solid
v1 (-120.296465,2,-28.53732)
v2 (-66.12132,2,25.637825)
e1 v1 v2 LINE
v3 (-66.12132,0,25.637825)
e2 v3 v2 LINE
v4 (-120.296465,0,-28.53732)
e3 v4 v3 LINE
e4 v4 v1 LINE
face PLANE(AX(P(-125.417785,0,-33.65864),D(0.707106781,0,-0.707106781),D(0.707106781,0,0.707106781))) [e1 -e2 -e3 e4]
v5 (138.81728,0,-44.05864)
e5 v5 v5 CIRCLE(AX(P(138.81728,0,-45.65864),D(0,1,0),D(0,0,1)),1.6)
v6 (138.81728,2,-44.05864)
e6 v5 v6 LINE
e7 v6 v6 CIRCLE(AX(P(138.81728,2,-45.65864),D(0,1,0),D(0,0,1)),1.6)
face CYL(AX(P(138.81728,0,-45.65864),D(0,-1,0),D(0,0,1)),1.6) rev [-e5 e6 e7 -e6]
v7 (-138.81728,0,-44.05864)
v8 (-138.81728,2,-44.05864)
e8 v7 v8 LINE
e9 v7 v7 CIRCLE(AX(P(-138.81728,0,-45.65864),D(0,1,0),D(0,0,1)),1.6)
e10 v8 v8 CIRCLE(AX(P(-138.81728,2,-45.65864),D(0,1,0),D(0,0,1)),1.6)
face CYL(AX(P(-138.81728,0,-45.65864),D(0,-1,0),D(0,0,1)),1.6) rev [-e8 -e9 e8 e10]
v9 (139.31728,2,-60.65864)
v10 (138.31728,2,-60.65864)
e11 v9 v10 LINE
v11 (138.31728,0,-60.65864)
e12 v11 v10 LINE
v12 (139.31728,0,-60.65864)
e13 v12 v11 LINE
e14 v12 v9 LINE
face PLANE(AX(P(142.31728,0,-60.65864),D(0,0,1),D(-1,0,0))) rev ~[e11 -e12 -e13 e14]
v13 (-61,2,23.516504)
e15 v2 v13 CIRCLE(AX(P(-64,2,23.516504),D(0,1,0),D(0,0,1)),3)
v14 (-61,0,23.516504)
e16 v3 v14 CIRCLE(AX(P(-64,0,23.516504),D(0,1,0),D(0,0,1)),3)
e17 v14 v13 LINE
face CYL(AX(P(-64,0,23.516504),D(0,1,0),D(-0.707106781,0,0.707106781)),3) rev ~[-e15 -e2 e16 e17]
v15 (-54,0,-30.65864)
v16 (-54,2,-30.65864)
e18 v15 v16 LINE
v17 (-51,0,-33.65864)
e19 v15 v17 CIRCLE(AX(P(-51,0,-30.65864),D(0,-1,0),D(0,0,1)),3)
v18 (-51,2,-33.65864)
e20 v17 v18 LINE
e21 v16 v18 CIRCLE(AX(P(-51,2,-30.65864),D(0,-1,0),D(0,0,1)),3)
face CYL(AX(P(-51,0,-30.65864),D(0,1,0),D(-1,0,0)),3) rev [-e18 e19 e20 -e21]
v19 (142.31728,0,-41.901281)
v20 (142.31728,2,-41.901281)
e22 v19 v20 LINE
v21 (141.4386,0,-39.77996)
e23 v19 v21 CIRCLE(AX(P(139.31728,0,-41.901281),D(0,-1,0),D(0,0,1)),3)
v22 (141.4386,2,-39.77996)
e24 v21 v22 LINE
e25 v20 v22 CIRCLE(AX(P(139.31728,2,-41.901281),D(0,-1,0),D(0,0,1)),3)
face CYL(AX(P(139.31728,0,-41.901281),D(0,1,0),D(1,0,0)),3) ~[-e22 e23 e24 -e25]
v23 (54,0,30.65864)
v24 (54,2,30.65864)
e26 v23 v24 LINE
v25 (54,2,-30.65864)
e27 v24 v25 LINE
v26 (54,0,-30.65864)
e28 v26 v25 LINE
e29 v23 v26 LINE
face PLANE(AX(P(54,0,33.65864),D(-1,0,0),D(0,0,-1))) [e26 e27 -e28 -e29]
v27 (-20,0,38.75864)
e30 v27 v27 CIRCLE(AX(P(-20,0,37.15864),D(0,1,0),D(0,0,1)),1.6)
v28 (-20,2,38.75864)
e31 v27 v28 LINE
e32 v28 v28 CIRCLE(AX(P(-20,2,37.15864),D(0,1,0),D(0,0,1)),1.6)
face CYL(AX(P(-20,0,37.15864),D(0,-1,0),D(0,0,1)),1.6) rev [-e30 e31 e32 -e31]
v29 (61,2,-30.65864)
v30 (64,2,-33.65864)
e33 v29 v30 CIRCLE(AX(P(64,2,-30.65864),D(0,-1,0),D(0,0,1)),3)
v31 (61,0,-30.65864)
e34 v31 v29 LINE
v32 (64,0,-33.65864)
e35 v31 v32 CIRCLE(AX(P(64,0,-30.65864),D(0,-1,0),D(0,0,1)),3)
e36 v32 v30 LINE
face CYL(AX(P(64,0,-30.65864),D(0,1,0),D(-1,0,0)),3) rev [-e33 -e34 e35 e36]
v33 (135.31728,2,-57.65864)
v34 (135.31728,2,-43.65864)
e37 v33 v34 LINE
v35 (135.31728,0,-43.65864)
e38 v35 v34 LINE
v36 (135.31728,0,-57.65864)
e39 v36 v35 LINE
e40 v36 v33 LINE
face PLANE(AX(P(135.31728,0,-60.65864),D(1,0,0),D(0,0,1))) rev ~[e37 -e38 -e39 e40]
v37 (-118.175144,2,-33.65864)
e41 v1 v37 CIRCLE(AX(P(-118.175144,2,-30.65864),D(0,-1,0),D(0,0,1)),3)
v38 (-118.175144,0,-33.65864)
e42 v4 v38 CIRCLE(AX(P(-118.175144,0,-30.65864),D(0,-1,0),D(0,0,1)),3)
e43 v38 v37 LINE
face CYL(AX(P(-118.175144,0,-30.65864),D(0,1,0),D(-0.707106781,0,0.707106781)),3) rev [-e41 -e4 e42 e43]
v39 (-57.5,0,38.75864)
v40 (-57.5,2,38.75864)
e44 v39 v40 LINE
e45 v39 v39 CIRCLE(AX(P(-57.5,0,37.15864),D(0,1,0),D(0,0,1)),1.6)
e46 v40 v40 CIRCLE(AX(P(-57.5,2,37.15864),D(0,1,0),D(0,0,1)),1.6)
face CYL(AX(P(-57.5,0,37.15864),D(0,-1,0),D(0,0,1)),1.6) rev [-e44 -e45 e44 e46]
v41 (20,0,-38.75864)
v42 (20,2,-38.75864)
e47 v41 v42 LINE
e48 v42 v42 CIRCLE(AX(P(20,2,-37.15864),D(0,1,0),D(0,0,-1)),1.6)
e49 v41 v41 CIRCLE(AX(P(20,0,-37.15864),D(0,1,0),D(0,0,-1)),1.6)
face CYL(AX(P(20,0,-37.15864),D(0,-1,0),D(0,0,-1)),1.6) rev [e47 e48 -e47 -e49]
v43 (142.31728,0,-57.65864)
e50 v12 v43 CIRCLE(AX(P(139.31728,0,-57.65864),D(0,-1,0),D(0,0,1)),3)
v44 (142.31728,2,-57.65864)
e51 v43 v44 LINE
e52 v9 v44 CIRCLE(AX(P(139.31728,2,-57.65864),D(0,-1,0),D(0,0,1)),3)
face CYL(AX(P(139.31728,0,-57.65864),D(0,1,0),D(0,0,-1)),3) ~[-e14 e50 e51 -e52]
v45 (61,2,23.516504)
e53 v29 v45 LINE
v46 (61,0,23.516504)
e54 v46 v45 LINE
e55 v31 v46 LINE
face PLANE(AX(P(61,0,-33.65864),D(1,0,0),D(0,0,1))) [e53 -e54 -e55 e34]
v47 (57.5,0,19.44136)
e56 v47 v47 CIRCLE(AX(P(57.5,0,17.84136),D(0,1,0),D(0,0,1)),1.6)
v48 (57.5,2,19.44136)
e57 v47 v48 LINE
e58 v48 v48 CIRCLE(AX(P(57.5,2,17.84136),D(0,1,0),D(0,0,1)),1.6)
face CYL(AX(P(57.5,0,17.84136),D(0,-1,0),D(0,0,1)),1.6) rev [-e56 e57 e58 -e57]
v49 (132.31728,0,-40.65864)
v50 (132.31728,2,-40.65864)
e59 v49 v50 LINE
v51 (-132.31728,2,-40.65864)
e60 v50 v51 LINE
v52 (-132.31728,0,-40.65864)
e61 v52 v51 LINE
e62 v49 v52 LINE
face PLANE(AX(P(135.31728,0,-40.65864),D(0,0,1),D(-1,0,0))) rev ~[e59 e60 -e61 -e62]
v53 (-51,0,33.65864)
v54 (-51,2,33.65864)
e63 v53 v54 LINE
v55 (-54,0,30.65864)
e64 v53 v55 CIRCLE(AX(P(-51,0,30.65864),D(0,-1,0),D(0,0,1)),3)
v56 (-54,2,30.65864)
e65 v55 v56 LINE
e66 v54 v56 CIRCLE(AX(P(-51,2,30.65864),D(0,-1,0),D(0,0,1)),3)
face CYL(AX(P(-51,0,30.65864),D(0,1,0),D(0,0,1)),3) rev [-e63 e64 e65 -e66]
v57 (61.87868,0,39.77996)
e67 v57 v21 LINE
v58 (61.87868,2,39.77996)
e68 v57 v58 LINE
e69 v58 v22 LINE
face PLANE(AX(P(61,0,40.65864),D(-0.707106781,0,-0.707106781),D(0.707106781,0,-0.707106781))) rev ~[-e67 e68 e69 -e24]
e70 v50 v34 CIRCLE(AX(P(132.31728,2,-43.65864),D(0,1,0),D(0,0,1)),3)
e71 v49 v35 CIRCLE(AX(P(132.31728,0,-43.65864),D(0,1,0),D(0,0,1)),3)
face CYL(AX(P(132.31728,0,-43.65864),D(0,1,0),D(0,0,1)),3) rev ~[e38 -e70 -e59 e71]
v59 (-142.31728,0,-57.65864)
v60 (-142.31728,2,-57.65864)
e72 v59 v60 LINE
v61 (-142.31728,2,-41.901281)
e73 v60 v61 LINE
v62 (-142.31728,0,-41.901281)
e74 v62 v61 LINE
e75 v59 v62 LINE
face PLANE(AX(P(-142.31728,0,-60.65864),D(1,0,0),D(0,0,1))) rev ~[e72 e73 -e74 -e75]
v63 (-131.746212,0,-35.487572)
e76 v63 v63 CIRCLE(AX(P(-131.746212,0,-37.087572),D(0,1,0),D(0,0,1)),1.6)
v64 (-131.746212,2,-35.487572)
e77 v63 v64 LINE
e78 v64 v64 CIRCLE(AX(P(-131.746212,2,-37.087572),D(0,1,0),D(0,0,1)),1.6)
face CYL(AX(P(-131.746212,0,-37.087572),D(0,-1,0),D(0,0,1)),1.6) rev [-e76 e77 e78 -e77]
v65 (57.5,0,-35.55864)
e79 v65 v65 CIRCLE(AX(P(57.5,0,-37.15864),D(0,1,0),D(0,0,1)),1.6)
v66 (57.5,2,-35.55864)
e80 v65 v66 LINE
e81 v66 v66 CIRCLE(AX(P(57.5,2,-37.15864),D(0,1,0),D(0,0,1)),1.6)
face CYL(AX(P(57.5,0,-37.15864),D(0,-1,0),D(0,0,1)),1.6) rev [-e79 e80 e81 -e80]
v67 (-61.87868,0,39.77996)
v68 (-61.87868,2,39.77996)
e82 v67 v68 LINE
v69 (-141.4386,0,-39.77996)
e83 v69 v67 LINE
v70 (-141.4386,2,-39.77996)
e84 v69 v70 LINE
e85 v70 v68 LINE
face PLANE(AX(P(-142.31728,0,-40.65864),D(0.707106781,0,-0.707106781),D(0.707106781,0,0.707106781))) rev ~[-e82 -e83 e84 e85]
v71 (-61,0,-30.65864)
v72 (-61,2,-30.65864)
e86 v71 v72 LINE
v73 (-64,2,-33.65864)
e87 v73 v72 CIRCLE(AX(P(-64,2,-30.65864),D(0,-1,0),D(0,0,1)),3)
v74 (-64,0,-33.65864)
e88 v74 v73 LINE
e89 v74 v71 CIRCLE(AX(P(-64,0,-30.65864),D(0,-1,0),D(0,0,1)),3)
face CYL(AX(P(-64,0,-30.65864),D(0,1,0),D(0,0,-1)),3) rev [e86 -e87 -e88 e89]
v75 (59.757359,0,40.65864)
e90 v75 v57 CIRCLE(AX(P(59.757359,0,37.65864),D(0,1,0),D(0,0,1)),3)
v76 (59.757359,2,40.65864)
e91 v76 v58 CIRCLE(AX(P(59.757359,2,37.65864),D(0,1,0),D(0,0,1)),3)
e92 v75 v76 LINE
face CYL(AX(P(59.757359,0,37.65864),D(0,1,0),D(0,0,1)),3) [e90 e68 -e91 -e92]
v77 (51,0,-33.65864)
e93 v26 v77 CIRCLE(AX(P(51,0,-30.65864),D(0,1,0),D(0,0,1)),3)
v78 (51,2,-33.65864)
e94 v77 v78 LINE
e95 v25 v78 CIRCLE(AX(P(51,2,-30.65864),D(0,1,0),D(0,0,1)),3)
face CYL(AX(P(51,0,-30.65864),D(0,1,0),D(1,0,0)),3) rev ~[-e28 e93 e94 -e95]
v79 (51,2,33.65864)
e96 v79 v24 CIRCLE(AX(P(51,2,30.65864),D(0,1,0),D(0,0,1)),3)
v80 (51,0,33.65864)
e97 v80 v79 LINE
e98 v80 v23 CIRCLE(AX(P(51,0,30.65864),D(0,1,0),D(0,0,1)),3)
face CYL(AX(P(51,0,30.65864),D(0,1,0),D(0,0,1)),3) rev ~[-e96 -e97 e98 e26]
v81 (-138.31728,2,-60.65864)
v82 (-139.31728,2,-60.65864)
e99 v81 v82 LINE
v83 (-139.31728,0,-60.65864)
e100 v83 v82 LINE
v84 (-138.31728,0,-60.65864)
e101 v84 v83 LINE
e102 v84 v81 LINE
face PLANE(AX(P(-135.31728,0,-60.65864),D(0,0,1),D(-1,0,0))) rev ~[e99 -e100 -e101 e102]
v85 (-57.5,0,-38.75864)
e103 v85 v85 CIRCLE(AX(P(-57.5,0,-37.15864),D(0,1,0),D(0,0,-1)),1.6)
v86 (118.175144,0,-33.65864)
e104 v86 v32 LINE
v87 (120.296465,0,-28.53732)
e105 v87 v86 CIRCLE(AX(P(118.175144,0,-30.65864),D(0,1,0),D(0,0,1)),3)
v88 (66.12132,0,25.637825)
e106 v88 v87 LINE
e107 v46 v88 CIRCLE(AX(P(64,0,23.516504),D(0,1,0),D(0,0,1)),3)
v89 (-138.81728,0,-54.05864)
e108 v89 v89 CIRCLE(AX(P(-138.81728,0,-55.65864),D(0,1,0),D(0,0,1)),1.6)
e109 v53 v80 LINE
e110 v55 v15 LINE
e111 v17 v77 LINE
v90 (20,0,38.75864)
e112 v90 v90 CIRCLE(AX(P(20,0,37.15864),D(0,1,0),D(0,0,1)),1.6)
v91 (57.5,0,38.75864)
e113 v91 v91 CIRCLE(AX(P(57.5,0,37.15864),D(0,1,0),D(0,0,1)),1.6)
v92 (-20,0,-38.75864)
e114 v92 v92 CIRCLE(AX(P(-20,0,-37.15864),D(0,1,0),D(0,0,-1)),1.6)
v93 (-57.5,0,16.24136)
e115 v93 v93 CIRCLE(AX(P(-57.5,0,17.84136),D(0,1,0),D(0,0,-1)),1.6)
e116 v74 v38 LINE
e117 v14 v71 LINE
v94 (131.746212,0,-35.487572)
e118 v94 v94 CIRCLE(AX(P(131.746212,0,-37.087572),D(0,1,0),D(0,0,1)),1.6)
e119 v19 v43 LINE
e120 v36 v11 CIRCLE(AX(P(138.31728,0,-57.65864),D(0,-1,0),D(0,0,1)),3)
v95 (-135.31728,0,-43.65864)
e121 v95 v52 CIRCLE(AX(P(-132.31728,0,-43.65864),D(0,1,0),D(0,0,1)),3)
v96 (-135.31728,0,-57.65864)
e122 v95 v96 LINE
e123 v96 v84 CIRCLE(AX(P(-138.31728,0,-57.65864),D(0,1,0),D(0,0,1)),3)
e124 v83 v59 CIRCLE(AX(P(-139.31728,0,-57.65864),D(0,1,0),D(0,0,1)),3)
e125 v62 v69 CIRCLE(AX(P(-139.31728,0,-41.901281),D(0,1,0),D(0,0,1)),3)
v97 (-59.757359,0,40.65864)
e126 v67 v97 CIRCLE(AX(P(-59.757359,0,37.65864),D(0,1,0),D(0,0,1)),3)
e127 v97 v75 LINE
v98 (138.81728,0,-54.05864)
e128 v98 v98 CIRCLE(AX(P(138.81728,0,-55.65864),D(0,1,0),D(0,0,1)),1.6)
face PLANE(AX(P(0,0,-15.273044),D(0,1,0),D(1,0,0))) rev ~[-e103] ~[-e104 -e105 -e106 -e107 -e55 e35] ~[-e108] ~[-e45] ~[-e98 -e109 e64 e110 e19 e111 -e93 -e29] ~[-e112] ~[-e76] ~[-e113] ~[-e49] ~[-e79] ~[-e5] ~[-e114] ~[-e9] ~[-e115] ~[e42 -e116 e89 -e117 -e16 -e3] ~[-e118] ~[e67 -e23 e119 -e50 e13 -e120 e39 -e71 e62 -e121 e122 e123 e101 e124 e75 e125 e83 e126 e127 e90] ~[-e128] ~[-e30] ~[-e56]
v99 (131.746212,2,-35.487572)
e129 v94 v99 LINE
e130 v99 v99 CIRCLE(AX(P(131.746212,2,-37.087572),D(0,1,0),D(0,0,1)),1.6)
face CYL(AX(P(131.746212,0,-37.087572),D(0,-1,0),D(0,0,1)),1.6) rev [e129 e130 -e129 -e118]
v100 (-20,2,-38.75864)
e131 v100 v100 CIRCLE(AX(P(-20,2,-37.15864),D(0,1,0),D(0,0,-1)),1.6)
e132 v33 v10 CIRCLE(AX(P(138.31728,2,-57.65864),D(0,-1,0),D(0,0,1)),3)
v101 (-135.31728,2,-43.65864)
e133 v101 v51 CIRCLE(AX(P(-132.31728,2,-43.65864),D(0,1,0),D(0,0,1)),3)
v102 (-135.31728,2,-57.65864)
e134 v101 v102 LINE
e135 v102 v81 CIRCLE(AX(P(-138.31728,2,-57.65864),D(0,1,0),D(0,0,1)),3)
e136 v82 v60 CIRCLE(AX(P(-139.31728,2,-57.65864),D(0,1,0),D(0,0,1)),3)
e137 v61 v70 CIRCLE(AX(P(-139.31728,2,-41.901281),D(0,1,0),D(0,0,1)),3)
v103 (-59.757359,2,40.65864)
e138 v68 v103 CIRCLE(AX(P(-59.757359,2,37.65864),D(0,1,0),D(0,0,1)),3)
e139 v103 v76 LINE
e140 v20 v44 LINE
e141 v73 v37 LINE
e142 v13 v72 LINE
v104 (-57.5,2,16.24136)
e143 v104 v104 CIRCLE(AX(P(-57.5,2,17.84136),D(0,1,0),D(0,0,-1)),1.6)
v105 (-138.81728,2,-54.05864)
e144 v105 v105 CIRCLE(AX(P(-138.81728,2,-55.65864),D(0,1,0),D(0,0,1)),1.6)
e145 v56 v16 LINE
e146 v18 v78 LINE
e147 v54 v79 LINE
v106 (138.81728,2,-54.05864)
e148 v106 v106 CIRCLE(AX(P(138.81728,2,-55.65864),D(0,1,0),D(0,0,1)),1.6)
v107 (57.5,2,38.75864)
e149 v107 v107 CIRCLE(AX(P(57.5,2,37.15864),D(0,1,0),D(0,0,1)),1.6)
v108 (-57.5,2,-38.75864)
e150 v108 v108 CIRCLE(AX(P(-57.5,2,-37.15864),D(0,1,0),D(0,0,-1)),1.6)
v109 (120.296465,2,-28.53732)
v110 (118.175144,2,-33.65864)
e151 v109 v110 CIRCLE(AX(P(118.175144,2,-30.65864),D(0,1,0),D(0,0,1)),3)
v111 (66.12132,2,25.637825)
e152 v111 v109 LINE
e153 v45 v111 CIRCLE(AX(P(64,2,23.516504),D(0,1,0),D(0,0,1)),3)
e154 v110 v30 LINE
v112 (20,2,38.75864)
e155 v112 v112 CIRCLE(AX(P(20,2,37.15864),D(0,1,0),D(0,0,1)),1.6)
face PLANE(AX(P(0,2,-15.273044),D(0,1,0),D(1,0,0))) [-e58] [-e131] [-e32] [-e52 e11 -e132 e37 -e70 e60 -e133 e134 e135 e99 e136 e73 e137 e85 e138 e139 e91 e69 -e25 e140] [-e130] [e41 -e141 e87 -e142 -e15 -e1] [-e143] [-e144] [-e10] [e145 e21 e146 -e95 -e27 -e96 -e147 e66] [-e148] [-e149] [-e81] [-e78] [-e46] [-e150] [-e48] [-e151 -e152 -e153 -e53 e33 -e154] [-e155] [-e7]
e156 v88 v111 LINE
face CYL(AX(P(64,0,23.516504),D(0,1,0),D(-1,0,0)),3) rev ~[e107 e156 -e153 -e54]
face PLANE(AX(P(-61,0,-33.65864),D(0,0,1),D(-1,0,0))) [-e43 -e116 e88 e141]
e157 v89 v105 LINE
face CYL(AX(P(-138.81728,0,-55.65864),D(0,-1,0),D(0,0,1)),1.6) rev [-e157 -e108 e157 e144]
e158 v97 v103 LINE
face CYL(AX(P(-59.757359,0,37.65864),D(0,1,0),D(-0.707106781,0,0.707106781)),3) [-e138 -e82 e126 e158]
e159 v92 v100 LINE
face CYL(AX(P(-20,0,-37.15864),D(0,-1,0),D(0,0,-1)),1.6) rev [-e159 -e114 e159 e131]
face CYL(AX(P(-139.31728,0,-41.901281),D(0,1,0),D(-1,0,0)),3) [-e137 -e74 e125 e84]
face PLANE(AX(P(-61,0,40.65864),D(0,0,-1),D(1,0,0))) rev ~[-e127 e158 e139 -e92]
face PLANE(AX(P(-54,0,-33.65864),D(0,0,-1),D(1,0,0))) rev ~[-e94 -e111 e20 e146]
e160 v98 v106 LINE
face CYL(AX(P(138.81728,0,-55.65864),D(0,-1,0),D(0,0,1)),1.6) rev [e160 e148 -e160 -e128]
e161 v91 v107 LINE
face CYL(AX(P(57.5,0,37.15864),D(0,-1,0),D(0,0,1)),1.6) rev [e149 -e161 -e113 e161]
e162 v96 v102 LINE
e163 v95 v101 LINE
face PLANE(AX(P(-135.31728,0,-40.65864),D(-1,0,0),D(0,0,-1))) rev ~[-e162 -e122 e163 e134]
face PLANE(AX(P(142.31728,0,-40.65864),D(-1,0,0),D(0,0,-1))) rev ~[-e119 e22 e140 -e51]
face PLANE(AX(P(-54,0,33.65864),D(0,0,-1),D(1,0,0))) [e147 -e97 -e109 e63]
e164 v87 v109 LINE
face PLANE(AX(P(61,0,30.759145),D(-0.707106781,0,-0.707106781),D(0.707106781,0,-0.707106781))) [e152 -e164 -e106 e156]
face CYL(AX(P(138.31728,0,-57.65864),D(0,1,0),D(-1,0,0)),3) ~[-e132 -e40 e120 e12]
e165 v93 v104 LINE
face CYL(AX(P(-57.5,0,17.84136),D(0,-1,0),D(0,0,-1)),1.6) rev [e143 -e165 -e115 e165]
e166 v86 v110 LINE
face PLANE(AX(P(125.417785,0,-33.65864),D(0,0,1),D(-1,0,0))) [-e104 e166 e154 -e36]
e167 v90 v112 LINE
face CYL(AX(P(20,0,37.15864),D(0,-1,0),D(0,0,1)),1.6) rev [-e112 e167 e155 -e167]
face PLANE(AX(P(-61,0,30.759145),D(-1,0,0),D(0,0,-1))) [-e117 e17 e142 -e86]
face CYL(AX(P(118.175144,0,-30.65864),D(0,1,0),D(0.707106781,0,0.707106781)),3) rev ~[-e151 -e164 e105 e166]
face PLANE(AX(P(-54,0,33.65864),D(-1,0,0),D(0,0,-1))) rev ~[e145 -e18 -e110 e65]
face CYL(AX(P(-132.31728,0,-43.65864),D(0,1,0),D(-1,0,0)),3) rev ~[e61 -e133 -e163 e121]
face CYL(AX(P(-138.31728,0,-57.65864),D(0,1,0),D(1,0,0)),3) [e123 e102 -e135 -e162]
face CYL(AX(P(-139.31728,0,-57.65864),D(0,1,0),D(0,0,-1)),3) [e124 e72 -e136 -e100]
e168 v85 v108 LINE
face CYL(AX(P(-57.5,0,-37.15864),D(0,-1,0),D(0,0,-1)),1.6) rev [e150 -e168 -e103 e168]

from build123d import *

# Parameters (mm, degrees)
SKETCH_1_R      = 1.6
SKETCH_1_W      = 108
SKETCH_1_H      = 67.317279836
EXTRUDE_1_DEPTH = 2
FILLET_1_R      = 3


with BuildPart() as part:
    # ｽｹｯﾁ1 → ﾎﾞｽ - 押し出し1 (new body)
    with BuildSketch(Plane(origin=(0, 0, 0), x_dir=(1, 0, 0), z_dir=(0, 1, 0))):
        Polygon((-61, 40.658639918), (-135.317279836, 40.658639918), (-135.317279836, 60.658639918), (-142.317279836, 60.658639918), (-142.317279836, 40.658639918), (-61, -40.658639918), (61, -40.658639918), (142.317279836, 40.658639918), (142.317279836, 60.658639918), (135.317279836, 60.658639918), (135.317279836, 40.658639918), (61, 40.658639918), align=None)
        with Locations(Location((-57.5, -37.158639918, 0), (0, 0, 270))):
            Circle(SKETCH_1_R, mode=Mode.SUBTRACT)
        with Locations(Location((57.5, -37.158639918, 0), (0, 0, 270))):
            Circle(SKETCH_1_R, mode=Mode.SUBTRACT)
        with Locations(Location((-131.746212025, 37.087572106, 0), (0, 0, 270))):
            Circle(SKETCH_1_R, mode=Mode.SUBTRACT)
        with Locations(Location((131.746212025, 37.087572106, 0), (0, 0, 270))):
            Circle(SKETCH_1_R, mode=Mode.SUBTRACT)
        with Locations(Location((20, -37.158639918, 0), (0, 0, 270))):
            Circle(SKETCH_1_R, mode=Mode.SUBTRACT)
        with Locations(Location((-20, -37.158639918, 0), (0, 0, 270))):
            Circle(SKETCH_1_R, mode=Mode.SUBTRACT)
        with Locations(Location((20, 37.158639918, 0), (0, 0, 90))):
            Circle(SKETCH_1_R, mode=Mode.SUBTRACT)
        with Locations(Location((-20, 37.158639918, 0), (0, 0, 90))):
            Circle(SKETCH_1_R, mode=Mode.SUBTRACT)
        with Locations(Location((57.5, 37.158639918, 0), (0, 0, 270))):
            Circle(SKETCH_1_R, mode=Mode.SUBTRACT)
        with Locations(Location((57.5, -17.841360082, 0), (0, 0, 270))):
            Circle(SKETCH_1_R, mode=Mode.SUBTRACT)
        with Locations(Location((-57.5, -17.841360082, 0), (0, 0, 90))):
            Circle(SKETCH_1_R, mode=Mode.SUBTRACT)
        with Locations(Location((-57.5, 37.158639918, 0), (0, 0, 90))):
            Circle(SKETCH_1_R, mode=Mode.SUBTRACT)
        with Locations(Location((138.817279836, 55.658639918, 0), (0, 0, 270))):
            Circle(SKETCH_1_R, mode=Mode.SUBTRACT)
        with Locations(Location((138.817279836, 45.658639918, 0), (0, 0, 270))):
            Circle(SKETCH_1_R, mode=Mode.SUBTRACT)
        with Locations(Location((-138.817279836, 55.658639918, 0), (0, 0, 270))):
            Circle(SKETCH_1_R, mode=Mode.SUBTRACT)
        with Locations(Location((-138.817279836, 45.658639918, 0), (0, 0, 270))):
            Circle(SKETCH_1_R, mode=Mode.SUBTRACT)
        Rectangle(SKETCH_1_W, SKETCH_1_H, mode=Mode.SUBTRACT)
        Polygon((-125.4177849, 33.658639918), (-61, -30.759144982), (-61, 33.658639918), align=None, mode=Mode.SUBTRACT)
        Polygon((61, 33.658639918), (61, -30.759144982), (125.4177849, 33.658639918), align=None, mode=Mode.SUBTRACT)
    extrude(amount=EXTRUDE_1_DEPTH)

    # ﾌｨﾚｯﾄ1
    fillet_1_edges = [part.edges().sort_by_distance(p)[0] for p in [
        (135.317279836, 1, -40.658639918),
        (135.317279836, 1, -60.658639918),
        (142.317279836, 1, -60.658639918),
        (142.317279836, 1, -40.658639918),
        (61, 1, 40.658639918),
        (-61, 1, 40.658639918),
        (-142.317279836, 1, -40.658639918),
        (-142.317279836, 1, -60.658639918),
        (-135.317279836, 1, -60.658639918),
        (-135.317279836, 1, -40.658639918),
        (-54, 1, -33.658639918),
        (-54, 1, 33.658639918),
        (54, 1, 33.658639918),
        (54, 1, -33.658639918),
        (-61, 1, -33.658639918),
        (-125.4177849, 1, -33.658639918),
        (-61, 1, 30.759144982),
        (125.4177849, 1, -33.658639918),
        (61, 1, -33.658639918),
        (61, 1, 30.759144982),
    ]]
    fillet(fillet_1_edges, radius=FILLET_1_R)


solid = part.part
